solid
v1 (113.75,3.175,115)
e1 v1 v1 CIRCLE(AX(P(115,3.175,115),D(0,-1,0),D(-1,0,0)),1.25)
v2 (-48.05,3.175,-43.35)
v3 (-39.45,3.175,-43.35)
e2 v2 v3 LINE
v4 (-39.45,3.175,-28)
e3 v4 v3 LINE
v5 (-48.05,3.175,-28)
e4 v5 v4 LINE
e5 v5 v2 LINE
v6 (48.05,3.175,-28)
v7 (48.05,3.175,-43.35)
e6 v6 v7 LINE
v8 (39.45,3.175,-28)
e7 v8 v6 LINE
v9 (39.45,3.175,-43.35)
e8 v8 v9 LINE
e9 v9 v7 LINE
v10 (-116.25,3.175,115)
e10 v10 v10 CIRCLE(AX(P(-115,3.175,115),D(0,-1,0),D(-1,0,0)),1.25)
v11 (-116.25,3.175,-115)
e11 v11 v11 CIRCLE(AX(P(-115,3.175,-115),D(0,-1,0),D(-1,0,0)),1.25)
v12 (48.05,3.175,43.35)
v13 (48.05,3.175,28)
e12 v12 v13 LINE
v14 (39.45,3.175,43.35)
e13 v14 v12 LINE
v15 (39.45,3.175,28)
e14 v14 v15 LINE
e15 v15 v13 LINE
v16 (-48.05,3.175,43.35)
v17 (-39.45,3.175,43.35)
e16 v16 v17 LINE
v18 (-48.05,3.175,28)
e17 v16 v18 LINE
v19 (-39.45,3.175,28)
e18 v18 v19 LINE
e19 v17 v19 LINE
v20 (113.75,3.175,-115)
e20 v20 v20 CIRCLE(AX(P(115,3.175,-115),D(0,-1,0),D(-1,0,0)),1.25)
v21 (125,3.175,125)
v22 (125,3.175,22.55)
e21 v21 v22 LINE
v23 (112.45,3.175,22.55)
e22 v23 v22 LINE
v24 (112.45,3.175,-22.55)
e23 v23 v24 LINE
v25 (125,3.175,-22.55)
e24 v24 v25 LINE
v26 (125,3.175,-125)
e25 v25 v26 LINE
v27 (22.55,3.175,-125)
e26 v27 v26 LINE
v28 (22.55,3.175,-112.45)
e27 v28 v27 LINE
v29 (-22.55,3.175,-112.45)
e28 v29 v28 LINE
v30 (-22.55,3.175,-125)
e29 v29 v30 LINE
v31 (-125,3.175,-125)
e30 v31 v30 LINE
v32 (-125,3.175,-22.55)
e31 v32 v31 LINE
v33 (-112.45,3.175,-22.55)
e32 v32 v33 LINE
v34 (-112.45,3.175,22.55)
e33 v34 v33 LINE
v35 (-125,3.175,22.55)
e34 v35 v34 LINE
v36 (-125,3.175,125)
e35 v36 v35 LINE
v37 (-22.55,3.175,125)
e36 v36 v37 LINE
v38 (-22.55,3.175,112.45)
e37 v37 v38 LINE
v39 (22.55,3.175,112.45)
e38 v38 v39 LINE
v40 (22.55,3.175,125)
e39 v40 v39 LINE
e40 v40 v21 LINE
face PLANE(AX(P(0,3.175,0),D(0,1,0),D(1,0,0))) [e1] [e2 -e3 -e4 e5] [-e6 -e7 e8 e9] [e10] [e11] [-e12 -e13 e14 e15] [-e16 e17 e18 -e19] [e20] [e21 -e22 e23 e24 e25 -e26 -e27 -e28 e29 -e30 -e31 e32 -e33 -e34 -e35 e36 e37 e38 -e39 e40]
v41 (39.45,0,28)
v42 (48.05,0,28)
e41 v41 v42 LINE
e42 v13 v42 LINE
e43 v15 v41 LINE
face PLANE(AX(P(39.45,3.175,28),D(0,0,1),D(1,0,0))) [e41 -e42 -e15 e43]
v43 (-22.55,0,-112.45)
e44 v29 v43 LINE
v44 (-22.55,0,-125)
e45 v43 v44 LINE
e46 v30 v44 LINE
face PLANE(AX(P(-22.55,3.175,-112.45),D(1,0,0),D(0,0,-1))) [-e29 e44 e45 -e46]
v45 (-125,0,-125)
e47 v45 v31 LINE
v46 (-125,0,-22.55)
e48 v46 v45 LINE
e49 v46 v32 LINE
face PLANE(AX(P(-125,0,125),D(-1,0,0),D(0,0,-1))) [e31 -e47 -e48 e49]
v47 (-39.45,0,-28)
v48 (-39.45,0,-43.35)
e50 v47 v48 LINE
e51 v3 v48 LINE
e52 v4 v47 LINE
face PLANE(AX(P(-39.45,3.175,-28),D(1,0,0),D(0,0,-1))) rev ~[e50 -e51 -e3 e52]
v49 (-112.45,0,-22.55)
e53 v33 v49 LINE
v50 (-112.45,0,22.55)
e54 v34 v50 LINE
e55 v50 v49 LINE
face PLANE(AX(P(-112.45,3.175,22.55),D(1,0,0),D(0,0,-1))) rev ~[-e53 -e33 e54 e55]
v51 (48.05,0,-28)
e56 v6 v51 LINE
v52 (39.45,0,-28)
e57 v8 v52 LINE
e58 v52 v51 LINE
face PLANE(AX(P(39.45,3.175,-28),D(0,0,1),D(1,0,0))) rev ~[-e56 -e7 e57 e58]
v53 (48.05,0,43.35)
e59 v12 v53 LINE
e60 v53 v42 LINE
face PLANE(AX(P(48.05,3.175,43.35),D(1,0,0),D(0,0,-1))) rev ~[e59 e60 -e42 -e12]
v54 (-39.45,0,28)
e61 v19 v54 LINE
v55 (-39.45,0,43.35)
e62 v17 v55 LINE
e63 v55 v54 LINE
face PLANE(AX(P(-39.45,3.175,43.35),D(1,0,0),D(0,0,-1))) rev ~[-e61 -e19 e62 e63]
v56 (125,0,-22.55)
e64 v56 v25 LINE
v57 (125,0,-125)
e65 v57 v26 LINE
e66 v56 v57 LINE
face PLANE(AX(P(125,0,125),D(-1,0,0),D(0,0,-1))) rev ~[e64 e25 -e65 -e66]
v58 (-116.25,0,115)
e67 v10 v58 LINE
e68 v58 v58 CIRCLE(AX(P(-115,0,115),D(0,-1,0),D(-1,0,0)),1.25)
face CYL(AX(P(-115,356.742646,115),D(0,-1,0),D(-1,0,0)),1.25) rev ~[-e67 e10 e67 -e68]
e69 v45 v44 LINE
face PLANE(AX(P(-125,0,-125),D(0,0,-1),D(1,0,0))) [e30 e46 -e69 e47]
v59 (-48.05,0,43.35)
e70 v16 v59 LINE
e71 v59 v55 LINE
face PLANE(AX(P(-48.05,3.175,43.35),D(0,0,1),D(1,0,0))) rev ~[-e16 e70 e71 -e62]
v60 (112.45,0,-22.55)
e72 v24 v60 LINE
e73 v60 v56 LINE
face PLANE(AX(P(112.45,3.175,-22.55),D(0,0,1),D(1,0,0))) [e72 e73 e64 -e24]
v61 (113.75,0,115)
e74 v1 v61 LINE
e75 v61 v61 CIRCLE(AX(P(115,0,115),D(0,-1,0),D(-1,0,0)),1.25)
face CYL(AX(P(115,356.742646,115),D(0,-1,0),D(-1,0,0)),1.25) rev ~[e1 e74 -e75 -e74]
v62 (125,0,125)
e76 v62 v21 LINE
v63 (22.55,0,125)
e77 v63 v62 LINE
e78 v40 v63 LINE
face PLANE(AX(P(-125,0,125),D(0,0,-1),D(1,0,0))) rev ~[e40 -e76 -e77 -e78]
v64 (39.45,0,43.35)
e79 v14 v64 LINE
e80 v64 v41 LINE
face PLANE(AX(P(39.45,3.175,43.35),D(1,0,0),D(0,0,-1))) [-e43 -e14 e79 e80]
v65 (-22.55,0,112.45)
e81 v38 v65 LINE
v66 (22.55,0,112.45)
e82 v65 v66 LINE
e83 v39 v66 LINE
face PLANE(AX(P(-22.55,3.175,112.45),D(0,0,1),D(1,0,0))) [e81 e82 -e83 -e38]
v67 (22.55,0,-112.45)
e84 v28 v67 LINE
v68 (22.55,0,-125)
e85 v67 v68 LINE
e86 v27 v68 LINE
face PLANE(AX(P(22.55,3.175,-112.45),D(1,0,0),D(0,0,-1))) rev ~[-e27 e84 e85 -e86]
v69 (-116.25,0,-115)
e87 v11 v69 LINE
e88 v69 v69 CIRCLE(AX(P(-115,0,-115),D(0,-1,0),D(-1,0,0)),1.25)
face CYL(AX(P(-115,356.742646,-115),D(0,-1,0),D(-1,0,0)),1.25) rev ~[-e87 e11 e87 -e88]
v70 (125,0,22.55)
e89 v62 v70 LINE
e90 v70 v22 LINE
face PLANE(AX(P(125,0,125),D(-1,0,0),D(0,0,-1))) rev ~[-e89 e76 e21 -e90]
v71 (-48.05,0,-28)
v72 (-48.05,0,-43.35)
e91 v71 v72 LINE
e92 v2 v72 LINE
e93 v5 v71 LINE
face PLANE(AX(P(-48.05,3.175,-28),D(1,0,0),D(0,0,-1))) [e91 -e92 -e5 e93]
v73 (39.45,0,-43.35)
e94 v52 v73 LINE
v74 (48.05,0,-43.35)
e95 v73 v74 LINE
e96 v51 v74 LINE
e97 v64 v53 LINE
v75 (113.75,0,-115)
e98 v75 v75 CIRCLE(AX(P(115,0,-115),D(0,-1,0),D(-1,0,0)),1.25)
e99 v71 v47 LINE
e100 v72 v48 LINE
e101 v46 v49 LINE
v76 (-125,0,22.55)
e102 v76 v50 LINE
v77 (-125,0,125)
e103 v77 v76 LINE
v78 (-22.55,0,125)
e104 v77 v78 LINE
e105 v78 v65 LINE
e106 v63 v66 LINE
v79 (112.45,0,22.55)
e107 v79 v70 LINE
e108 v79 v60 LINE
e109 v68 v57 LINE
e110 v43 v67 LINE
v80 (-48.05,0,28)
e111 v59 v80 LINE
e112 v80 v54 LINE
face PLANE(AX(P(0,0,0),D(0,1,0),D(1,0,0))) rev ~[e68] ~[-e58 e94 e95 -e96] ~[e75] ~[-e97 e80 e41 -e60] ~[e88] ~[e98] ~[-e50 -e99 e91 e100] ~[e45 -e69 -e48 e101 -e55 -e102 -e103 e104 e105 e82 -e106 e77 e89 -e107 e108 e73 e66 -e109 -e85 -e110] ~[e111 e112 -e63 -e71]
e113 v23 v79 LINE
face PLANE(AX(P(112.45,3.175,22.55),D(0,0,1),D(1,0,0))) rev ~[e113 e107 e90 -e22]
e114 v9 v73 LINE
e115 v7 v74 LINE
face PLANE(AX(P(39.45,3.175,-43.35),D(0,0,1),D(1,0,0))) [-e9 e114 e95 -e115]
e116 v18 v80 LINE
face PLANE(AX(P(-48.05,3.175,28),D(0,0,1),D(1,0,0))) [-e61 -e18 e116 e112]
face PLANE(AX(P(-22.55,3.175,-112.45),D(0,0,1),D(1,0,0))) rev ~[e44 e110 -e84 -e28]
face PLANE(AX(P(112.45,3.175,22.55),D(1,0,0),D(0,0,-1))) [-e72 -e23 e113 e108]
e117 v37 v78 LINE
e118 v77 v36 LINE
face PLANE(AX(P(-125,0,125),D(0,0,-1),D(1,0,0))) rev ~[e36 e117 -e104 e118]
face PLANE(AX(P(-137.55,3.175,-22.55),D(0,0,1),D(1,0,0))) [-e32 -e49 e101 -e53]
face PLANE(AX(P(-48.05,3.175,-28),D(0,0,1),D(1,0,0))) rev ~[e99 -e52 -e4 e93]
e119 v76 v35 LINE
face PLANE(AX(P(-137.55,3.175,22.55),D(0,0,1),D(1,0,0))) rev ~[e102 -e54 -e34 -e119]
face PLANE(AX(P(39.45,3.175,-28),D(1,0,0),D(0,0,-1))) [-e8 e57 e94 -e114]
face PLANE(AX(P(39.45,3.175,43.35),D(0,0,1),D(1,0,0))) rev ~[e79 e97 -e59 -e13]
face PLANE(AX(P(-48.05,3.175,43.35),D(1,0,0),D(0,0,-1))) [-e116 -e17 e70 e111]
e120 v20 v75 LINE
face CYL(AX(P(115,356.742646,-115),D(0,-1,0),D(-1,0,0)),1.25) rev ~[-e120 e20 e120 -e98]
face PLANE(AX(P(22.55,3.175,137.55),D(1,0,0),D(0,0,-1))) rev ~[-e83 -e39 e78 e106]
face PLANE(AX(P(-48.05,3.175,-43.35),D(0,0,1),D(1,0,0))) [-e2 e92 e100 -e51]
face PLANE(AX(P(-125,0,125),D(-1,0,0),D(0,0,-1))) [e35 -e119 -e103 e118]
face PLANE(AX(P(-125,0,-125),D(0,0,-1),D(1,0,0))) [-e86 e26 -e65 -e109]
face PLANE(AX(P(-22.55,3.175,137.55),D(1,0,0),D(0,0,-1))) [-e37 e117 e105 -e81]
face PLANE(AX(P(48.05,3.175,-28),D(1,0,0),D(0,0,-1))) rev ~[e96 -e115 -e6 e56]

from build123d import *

# Parameters (mm, degrees)
SKETCH2_W           = 250
SKETCH2_H           = 250
BOSS_EXTRUDE1_DEPTH = 3.175
SKETCH3_W           = 8.6
SKETCH3_H           = 15.35
CUT_EXTRUDE1_DEPTH  = 10
SKETCH4_W           = 45.1
SKETCH4_H           = 25.1
SKETCH4_W_2         = 25.1
SKETCH4_H_2         = 45.1
CUT_EXTRUDE2_DEPTH  = 10
M3_TAPPED_HOLE1_D   = 2.5
M3_TAPPED_HOLE2_D   = 2.5


with BuildPart() as part:
    # Sketch2 → Boss-Extrude1 (new body)
    with BuildSketch(Plane(origin=(0, 0, 0), x_dir=(1, 0, 0), z_dir=(0, 1, 0))):
        Rectangle(SKETCH2_W, SKETCH2_H)
    extrude(amount=BOSS_EXTRUDE1_DEPTH)

    # Sketch3 → Cut-Extrude1 (cut)
    with BuildSketch(Plane(origin=(0, 3.175, 0), x_dir=(1, 0, 0), z_dir=(0, 1, 0))):
        with Locations((-43.75, 35.675)):
            Rectangle(SKETCH3_W, SKETCH3_H)
        with Locations((-43.75, -35.675)):
            Rectangle(SKETCH3_W, SKETCH3_H)
        with Locations((43.75, -35.675)):
            Rectangle(SKETCH3_W, SKETCH3_H)
        with Locations((43.75, 35.675)):
            Rectangle(SKETCH3_W, SKETCH3_H)
    extrude(amount=-CUT_EXTRUDE1_DEPTH, mode=Mode.SUBTRACT)

    # Sketch4 → Cut-Extrude2 (cut)
    with BuildSketch(Plane(origin=(0, 3.175, 0), x_dir=(1, 0, 0), z_dir=(0, 1, 0))):
        with Locations((0, 125)):
            Rectangle(SKETCH4_W, SKETCH4_H)
        with Locations((125, 0)):
            Rectangle(SKETCH4_W_2, SKETCH4_H_2)
        with Locations((0, -125)):
            Rectangle(SKETCH4_W, SKETCH4_H)
        with Locations((-125, 0)):
            Rectangle(SKETCH4_W_2, SKETCH4_H_2)
    extrude(amount=-CUT_EXTRUDE2_DEPTH, mode=Mode.SUBTRACT)

    # M3 Tapped Hole1 (through all)
    with Locations(Plane(origin=(0, 3.175, 0), x_dir=(1, 0, 0), z_dir=(0, 1, 0))):
        with Locations((-115, 115)):
            Hole(M3_TAPPED_HOLE1_D / 2)

    # M3 Tapped Hole2 (through all)
    with Locations(Plane(origin=(0, 3.175, 0), x_dir=(1, 0, 0), z_dir=(0, 1, 0))):
        with Locations((115, 115), (115, -115), (-115, -115)):
            Hole(M3_TAPPED_HOLE2_D / 2)


solid = part.part
